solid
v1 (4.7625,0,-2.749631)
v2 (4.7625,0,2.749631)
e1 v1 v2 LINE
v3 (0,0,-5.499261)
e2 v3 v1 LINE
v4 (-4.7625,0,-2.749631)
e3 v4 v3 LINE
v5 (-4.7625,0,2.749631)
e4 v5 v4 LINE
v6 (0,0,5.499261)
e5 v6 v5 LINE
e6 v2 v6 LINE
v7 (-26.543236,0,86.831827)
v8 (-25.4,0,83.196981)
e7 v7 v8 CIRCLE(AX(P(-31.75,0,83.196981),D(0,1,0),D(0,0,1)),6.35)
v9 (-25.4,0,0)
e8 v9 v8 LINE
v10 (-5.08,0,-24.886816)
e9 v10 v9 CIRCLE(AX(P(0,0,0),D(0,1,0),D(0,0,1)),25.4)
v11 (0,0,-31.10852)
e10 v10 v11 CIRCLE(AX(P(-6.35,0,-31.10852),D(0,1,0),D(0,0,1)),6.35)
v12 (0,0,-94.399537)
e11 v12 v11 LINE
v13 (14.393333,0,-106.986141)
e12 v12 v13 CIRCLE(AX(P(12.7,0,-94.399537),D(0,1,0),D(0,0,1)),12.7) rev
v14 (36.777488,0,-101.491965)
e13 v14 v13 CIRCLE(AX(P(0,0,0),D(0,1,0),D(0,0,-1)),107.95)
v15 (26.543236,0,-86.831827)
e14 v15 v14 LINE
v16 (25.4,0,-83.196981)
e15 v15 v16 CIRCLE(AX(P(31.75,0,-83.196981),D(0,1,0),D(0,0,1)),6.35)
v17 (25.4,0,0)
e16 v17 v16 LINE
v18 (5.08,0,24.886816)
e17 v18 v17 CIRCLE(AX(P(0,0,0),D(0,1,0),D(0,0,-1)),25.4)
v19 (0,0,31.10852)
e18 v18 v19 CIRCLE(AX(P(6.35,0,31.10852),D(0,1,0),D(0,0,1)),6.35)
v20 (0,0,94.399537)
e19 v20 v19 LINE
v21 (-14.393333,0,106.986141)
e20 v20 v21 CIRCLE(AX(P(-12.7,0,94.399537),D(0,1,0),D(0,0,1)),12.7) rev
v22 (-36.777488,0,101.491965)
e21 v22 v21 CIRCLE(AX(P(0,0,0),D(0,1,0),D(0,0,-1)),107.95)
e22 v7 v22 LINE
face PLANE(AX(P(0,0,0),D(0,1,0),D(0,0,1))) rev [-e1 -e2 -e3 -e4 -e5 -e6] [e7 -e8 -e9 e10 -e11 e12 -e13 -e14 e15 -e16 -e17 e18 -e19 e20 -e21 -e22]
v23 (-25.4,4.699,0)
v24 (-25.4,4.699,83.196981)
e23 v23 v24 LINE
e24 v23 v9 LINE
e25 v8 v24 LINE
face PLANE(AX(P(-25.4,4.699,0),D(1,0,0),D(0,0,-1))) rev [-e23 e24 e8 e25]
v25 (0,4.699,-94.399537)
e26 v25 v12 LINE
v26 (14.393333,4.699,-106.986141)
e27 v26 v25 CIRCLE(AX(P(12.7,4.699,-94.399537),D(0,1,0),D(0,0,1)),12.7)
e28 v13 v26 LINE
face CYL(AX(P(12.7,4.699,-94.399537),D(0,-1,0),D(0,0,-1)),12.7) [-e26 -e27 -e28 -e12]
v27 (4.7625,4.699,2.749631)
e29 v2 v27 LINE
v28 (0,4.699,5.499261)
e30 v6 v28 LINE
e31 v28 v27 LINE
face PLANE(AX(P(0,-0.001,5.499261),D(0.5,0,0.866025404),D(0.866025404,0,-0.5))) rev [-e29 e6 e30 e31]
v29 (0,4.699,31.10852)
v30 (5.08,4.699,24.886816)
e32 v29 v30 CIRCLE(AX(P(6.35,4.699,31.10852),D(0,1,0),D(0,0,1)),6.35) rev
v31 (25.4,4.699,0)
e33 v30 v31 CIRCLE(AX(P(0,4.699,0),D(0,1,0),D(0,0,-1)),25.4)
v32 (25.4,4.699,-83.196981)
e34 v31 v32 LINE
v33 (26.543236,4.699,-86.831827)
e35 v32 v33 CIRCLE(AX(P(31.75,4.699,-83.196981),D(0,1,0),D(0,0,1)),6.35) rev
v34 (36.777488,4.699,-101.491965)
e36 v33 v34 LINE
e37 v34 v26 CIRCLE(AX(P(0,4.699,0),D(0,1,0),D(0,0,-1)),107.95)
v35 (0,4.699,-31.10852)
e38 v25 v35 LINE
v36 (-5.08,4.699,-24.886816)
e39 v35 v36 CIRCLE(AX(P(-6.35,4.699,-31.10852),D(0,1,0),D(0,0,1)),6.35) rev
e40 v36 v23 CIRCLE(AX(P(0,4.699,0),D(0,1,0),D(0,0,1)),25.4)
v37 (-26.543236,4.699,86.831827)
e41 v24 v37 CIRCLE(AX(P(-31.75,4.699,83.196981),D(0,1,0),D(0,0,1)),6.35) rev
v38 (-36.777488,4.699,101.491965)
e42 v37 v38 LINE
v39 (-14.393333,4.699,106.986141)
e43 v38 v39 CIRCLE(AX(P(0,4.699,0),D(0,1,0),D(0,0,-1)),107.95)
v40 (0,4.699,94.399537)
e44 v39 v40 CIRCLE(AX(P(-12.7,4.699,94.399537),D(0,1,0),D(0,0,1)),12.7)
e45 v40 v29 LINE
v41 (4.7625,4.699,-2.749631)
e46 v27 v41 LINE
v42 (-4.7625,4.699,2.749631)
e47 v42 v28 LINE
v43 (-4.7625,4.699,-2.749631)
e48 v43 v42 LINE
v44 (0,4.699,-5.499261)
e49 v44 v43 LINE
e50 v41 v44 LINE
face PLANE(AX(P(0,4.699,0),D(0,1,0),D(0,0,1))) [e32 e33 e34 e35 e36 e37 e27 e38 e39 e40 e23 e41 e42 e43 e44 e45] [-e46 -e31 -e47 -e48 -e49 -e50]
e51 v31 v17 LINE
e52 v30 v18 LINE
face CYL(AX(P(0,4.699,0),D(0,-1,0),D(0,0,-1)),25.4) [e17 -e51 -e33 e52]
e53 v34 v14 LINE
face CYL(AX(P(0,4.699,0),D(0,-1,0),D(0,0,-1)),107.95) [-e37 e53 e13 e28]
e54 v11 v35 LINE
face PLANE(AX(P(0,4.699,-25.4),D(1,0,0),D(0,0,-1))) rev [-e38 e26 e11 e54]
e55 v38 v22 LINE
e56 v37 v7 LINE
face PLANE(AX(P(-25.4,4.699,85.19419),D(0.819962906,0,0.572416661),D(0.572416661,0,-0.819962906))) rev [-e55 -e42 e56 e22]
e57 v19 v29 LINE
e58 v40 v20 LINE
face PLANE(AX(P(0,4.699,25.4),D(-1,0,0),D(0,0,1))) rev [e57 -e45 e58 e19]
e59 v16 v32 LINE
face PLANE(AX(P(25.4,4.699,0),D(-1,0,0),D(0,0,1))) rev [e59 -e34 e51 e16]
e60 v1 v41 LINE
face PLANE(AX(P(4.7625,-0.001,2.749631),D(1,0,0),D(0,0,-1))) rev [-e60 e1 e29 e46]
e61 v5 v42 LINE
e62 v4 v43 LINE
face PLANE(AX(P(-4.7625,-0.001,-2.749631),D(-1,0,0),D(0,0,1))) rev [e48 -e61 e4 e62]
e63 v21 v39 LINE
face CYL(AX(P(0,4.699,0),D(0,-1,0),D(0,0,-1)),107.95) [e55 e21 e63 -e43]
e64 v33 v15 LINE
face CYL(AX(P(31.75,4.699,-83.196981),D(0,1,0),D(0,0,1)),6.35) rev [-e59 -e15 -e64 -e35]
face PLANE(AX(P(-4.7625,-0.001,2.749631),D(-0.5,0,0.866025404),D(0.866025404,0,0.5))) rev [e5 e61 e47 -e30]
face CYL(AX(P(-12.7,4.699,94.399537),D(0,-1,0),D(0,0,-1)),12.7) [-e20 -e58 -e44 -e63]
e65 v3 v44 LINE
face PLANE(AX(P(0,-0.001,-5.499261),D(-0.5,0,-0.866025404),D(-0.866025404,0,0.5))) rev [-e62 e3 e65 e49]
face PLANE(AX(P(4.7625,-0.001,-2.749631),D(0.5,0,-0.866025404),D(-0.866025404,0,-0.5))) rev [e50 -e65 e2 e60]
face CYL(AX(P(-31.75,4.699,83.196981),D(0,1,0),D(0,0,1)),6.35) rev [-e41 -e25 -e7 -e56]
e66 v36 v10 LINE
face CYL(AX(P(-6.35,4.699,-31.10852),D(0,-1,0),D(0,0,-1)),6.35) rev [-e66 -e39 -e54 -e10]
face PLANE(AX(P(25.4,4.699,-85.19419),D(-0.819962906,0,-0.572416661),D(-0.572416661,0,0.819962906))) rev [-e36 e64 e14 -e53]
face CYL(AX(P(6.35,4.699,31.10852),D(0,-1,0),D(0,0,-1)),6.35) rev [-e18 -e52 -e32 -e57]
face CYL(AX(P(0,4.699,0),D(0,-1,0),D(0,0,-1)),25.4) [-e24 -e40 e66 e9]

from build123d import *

# Parameters (mm, degrees)
BOSS_EXTRUDE1_DEPTH = 4.699
CUT_EXTRUDE1_REACH  = 116.14
FILLET1_R           = 6.35
FILLET2_R           = 12.7


with BuildPart() as part:
    # Sketch1 → Boss-Extrude1 (new body)
    with BuildSketch(Plane(origin=(0, 0, 0), x_dir=(1, 0, 0), z_dir=(0, 1, 0))):
        with BuildLine():
            Line((0, 25.4), (0, 107.95))
            ThreePointArc((0, 107.95), (18.67009518, 106.323233801), (36.777487633, 101.491964724))
            Line((36.777487633, 101.491964724), (25.4, 85.194189943))
            Line((25.4, 85.194189943), (25.4, 0))
            ThreePointArc((25.4, 0), (17.960512242, -17.960512242), (0, -25.4))
            Line((0, -25.4), (0, -107.95))
            ThreePointArc((0, -107.95), (-18.67009518, -106.323233801), (-36.777487633, -101.491964724))
            Line((-36.777487633, -101.491964724), (-25.4, -85.194189943))
            Line((-25.4, -85.194189943), (-25.4, 0))
            ThreePointArc((-25.4, 0), (-17.960512242, 17.960512242), (0, 25.4))
        make_face()
    extrude(amount=BOSS_EXTRUDE1_DEPTH)

    # Sketch2 → Cut-Extrude1 (cut, up to next)
    with BuildSketch(Plane(origin=(0, 4.699, 0), x_dir=(1, 0, 0), z_dir=(0, 1, 0)), mode=Mode.PRIVATE) as cut_extrude1_sk1:
        Polygon((0, 5.499261314), (-4.7625, 2.749630657), (-4.7625, -2.749630657), (0, -5.499261314), (4.7625, -2.749630657), (4.7625, 2.749630657), align=None)
    cut_extrude1_tool1 = extrude(cut_extrude1_sk1.sketch, amount=-CUT_EXTRUDE1_REACH, mode=Mode.PRIVATE) & part.part
    add(cut_extrude1_tool1.solids().sort_by_distance((0, 4.699, 0))[0], mode=Mode.SUBTRACT)

    # Fillet1
    fillet1_edges = [part.edges().sort_by_distance(p)[0] for p in [
        (0, 2.3495, -25.4),
        (25.4, 2.3495, -85.194189943),
        (0, 2.3495, 25.4),
        (-25.4, 2.3495, 85.194189943),
    ]]
    fillet(fillet1_edges, radius=FILLET1_R)

    # Fillet2
    fillet2_edges = [part.edges().sort_by_distance(p)[0] for p in [
        (0, 2.3495, -107.95),
        (0, 2.3495, 107.95),
    ]]
    fillet(fillet2_edges, radius=FILLET2_R)


solid = part.part
